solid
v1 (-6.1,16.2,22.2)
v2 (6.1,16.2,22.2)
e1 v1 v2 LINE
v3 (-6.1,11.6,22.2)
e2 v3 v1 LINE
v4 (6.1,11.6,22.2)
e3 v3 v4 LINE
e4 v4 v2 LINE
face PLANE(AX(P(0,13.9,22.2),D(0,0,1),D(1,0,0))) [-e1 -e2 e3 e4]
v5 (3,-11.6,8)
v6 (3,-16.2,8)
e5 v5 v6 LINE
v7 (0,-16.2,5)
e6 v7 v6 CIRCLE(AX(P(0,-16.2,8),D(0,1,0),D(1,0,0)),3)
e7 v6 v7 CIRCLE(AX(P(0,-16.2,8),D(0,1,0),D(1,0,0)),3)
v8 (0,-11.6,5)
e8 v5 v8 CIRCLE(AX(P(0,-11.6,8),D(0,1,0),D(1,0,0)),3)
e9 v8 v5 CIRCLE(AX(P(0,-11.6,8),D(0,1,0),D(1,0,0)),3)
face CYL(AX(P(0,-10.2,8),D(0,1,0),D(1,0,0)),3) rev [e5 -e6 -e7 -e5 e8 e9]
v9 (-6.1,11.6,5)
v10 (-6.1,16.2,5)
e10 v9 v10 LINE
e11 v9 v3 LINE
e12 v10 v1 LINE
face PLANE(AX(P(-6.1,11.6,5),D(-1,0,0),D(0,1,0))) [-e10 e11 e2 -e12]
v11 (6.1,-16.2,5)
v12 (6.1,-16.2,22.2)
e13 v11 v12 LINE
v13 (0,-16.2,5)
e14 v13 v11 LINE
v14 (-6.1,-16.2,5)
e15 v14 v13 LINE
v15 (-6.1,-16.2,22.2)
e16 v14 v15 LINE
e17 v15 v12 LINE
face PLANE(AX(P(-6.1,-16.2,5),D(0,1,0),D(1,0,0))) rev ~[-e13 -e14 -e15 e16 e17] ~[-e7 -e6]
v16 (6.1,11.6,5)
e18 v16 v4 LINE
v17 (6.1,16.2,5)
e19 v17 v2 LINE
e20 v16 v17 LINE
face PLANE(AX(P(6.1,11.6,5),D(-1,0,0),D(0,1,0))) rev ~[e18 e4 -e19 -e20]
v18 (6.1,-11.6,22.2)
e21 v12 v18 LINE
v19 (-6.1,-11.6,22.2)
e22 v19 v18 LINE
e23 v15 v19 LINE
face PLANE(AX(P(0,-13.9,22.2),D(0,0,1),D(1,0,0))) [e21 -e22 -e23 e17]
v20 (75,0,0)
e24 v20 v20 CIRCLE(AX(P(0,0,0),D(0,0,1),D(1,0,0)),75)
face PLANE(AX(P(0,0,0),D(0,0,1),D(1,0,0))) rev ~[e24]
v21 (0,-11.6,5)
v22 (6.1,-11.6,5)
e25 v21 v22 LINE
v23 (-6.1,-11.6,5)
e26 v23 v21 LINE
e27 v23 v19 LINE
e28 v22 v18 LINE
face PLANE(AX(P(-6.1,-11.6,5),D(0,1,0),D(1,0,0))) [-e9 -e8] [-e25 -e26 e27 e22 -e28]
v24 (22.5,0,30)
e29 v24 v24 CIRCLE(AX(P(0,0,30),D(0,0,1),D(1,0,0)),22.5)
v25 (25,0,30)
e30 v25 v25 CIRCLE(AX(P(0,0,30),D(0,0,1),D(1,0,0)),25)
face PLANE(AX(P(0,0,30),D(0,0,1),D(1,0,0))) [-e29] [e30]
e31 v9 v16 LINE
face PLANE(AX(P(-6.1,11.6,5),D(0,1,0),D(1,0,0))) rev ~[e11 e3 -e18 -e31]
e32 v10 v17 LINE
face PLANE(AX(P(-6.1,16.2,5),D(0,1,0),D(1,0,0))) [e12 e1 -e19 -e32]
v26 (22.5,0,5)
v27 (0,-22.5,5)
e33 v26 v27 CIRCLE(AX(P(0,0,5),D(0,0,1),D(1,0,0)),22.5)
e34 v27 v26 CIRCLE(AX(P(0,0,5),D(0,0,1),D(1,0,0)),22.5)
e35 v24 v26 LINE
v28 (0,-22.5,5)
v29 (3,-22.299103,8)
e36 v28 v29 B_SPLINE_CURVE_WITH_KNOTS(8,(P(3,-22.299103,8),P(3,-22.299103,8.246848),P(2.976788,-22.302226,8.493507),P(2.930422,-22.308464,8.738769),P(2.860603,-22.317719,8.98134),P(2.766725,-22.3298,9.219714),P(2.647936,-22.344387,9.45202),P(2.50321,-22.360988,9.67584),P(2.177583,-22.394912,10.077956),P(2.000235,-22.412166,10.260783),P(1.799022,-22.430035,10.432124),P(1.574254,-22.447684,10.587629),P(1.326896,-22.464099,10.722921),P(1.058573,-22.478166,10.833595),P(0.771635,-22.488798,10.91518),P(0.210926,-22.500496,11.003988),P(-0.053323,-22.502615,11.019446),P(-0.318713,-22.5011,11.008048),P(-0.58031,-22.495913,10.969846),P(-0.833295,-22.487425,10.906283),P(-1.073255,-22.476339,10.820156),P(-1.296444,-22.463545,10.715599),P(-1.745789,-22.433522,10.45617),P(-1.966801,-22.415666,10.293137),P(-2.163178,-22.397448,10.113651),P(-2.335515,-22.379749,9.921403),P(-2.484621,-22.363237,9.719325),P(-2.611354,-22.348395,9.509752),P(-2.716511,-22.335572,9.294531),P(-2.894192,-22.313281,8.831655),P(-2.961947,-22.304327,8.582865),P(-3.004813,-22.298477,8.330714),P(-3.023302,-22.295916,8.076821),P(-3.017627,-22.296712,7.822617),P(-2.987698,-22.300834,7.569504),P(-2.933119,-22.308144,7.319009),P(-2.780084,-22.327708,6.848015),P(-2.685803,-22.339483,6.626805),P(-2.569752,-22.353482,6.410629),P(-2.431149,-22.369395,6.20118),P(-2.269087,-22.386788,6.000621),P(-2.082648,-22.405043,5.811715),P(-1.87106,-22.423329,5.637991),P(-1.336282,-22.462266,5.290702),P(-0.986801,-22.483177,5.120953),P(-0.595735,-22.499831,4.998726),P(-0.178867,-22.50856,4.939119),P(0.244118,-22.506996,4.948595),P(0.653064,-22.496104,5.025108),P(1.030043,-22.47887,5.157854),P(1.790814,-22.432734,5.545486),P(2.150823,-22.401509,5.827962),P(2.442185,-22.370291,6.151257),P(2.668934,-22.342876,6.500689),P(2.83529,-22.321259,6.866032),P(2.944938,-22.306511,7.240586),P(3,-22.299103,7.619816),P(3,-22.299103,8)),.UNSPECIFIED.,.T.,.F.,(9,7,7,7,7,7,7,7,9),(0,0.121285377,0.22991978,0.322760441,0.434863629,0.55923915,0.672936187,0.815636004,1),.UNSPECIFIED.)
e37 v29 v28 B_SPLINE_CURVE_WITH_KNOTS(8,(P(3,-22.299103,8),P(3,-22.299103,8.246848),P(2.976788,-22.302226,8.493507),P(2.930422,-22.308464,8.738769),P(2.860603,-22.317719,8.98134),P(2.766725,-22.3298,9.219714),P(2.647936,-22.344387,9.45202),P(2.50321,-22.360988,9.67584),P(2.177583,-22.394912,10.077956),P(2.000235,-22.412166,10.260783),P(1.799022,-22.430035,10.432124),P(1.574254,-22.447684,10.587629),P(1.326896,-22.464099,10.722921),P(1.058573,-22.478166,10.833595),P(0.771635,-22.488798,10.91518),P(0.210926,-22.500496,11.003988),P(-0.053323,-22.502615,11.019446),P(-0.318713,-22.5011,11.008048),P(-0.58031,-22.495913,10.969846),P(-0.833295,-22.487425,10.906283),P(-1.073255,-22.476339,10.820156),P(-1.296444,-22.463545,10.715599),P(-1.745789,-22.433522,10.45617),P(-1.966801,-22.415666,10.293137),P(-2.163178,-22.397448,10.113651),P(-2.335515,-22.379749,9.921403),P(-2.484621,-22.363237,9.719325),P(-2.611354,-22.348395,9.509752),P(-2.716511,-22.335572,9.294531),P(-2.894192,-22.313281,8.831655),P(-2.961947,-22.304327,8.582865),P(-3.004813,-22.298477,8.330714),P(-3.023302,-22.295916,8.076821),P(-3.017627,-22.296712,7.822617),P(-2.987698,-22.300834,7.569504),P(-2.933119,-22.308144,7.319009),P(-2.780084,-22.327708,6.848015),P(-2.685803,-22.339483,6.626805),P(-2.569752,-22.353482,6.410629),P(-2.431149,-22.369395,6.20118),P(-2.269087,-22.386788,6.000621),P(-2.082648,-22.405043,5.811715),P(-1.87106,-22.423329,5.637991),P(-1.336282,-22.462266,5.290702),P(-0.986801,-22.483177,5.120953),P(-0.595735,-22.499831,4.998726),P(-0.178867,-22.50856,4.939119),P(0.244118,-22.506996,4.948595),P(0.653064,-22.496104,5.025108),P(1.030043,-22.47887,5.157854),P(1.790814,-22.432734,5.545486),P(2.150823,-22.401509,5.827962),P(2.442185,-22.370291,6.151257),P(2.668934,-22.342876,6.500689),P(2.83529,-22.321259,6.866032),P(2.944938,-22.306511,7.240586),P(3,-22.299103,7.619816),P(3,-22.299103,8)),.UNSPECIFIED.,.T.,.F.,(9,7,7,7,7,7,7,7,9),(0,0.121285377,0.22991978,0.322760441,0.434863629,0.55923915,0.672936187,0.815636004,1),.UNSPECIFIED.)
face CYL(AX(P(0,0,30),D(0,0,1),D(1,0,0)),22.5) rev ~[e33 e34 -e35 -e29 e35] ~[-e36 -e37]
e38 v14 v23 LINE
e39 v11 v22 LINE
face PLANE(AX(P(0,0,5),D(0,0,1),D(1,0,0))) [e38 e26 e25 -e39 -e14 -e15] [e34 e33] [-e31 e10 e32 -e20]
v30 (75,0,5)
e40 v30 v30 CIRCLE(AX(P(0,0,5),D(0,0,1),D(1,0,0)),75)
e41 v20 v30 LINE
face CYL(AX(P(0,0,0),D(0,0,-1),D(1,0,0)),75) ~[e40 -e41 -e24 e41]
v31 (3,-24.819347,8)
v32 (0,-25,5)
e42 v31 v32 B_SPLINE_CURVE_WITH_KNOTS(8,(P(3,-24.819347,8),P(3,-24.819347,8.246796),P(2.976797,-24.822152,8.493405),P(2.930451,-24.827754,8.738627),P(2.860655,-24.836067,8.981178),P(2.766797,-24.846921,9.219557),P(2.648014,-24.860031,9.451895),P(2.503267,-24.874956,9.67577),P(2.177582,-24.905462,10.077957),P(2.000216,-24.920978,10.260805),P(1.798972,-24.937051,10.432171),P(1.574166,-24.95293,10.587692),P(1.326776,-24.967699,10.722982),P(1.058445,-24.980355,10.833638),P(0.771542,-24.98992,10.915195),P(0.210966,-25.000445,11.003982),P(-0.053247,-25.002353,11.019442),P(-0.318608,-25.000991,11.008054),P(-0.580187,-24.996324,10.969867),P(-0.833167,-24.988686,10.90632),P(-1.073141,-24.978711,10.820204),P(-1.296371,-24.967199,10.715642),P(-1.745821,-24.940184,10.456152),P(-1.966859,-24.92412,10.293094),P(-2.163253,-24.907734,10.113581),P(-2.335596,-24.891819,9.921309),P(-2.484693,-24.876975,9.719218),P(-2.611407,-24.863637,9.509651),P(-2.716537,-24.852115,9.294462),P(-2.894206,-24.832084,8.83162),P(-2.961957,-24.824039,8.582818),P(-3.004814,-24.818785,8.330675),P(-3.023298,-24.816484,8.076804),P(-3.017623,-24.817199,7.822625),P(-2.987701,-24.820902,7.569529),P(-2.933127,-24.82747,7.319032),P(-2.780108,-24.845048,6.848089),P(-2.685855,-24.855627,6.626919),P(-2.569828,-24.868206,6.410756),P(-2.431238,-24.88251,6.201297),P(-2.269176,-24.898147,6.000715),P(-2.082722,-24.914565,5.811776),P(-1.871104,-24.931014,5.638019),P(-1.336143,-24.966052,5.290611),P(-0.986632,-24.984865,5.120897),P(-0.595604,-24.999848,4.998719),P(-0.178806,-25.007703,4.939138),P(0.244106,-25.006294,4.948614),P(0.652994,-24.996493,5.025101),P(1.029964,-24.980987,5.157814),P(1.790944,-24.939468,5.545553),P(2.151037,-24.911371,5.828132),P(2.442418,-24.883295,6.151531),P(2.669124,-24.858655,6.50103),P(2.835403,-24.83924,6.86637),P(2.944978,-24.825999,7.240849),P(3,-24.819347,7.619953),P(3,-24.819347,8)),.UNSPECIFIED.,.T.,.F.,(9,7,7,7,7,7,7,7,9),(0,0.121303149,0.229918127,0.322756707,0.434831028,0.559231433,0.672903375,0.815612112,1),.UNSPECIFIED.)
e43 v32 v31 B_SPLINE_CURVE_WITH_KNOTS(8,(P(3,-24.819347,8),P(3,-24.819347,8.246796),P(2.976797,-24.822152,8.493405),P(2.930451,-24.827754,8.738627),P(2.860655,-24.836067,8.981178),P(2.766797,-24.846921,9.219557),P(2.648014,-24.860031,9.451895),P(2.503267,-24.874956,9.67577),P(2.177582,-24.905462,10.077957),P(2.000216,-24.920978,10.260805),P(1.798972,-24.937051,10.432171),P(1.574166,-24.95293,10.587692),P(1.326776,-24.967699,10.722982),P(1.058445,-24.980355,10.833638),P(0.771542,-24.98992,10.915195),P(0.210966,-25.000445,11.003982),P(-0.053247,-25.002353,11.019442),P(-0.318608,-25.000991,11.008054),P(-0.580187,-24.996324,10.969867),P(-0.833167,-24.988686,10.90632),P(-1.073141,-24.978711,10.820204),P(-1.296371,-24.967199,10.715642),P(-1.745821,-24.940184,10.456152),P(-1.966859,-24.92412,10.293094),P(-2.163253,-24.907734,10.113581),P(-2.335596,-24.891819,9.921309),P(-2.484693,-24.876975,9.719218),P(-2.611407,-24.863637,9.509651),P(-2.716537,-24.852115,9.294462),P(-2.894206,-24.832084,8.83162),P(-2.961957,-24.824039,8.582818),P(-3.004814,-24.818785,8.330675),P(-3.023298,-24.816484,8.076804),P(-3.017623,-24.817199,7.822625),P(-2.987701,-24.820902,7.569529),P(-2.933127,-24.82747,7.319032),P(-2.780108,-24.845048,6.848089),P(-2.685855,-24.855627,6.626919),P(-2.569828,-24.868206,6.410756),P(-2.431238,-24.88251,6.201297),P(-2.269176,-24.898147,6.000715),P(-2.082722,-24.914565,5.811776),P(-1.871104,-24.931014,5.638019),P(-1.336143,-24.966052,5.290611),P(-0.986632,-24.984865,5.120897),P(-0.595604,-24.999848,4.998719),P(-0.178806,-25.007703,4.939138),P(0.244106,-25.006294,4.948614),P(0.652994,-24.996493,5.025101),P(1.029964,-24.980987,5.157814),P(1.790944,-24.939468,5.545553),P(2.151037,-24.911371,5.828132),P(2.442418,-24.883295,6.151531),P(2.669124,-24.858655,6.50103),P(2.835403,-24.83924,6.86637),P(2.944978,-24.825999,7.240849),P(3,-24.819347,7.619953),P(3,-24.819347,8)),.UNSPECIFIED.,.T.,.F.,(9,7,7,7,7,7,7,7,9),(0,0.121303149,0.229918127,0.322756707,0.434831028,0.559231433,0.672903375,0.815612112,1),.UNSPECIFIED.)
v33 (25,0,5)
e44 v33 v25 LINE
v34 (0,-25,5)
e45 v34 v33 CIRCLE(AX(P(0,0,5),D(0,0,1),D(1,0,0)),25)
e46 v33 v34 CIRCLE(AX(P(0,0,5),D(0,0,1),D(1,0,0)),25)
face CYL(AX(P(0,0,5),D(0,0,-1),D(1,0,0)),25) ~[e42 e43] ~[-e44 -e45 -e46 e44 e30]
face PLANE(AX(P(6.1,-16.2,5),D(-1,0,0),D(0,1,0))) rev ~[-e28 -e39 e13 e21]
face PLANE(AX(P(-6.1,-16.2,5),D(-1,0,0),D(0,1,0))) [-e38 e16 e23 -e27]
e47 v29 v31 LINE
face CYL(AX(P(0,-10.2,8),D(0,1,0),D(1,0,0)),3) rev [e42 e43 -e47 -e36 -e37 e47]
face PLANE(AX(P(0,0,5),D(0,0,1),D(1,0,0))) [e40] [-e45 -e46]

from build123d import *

# Parameters (mm, degrees)
SKETCH_R       = 75
PAD_DEPTH      = 5
SKETCH001_R    = 25
PAD001_DEPTH   = 25
SKETCH002_R    = 22.5
POCKET_DEPTH   = 25
SKETCH003_W    = 12.2
SKETCH003_H    = 4.6
PAD002_DEPTH   = 17.2
CYLINDER_R     = 3
CYLINDER_DEPTH = 16


with BuildPart() as part:
    # Sketch → Pad (new body)
    with BuildSketch(Plane.XY):
        Circle(SKETCH_R)
    extrude(amount=PAD_DEPTH)

    # Sketch001 (on Face3 of Pad) → Pad001 (join)
    with BuildSketch(Plane.XY.offset(5)):
        Circle(SKETCH001_R)
    extrude(amount=PAD001_DEPTH)

    # Sketch002 (on Face5 of Pad001) → Pocket (cut)
    with BuildSketch(Plane.XY.offset(30)):
        Circle(SKETCH002_R)
    extrude(amount=-POCKET_DEPTH, mode=Mode.SUBTRACT)

    # Sketch003 (on Face7 of Pocket) → Pad002 (join)
    with BuildSketch(Plane.XY.offset(5)):
        with Locations((0, 13.9)):
            Rectangle(SKETCH003_W, SKETCH003_H)
        with Locations((0, -13.9)):
            Rectangle(SKETCH003_W, SKETCH003_H)
    extrude(amount=PAD002_DEPTH)

    # Cylinder → Cylinder (cut)
    with BuildSketch(Plane(origin=(0, -10.2, 8), x_dir=(1, 0, 0), z_dir=(0, -1, 0))):
        Circle(CYLINDER_R)
    extrude(amount=CYLINDER_DEPTH, mode=Mode.SUBTRACT)


solid = part.part
